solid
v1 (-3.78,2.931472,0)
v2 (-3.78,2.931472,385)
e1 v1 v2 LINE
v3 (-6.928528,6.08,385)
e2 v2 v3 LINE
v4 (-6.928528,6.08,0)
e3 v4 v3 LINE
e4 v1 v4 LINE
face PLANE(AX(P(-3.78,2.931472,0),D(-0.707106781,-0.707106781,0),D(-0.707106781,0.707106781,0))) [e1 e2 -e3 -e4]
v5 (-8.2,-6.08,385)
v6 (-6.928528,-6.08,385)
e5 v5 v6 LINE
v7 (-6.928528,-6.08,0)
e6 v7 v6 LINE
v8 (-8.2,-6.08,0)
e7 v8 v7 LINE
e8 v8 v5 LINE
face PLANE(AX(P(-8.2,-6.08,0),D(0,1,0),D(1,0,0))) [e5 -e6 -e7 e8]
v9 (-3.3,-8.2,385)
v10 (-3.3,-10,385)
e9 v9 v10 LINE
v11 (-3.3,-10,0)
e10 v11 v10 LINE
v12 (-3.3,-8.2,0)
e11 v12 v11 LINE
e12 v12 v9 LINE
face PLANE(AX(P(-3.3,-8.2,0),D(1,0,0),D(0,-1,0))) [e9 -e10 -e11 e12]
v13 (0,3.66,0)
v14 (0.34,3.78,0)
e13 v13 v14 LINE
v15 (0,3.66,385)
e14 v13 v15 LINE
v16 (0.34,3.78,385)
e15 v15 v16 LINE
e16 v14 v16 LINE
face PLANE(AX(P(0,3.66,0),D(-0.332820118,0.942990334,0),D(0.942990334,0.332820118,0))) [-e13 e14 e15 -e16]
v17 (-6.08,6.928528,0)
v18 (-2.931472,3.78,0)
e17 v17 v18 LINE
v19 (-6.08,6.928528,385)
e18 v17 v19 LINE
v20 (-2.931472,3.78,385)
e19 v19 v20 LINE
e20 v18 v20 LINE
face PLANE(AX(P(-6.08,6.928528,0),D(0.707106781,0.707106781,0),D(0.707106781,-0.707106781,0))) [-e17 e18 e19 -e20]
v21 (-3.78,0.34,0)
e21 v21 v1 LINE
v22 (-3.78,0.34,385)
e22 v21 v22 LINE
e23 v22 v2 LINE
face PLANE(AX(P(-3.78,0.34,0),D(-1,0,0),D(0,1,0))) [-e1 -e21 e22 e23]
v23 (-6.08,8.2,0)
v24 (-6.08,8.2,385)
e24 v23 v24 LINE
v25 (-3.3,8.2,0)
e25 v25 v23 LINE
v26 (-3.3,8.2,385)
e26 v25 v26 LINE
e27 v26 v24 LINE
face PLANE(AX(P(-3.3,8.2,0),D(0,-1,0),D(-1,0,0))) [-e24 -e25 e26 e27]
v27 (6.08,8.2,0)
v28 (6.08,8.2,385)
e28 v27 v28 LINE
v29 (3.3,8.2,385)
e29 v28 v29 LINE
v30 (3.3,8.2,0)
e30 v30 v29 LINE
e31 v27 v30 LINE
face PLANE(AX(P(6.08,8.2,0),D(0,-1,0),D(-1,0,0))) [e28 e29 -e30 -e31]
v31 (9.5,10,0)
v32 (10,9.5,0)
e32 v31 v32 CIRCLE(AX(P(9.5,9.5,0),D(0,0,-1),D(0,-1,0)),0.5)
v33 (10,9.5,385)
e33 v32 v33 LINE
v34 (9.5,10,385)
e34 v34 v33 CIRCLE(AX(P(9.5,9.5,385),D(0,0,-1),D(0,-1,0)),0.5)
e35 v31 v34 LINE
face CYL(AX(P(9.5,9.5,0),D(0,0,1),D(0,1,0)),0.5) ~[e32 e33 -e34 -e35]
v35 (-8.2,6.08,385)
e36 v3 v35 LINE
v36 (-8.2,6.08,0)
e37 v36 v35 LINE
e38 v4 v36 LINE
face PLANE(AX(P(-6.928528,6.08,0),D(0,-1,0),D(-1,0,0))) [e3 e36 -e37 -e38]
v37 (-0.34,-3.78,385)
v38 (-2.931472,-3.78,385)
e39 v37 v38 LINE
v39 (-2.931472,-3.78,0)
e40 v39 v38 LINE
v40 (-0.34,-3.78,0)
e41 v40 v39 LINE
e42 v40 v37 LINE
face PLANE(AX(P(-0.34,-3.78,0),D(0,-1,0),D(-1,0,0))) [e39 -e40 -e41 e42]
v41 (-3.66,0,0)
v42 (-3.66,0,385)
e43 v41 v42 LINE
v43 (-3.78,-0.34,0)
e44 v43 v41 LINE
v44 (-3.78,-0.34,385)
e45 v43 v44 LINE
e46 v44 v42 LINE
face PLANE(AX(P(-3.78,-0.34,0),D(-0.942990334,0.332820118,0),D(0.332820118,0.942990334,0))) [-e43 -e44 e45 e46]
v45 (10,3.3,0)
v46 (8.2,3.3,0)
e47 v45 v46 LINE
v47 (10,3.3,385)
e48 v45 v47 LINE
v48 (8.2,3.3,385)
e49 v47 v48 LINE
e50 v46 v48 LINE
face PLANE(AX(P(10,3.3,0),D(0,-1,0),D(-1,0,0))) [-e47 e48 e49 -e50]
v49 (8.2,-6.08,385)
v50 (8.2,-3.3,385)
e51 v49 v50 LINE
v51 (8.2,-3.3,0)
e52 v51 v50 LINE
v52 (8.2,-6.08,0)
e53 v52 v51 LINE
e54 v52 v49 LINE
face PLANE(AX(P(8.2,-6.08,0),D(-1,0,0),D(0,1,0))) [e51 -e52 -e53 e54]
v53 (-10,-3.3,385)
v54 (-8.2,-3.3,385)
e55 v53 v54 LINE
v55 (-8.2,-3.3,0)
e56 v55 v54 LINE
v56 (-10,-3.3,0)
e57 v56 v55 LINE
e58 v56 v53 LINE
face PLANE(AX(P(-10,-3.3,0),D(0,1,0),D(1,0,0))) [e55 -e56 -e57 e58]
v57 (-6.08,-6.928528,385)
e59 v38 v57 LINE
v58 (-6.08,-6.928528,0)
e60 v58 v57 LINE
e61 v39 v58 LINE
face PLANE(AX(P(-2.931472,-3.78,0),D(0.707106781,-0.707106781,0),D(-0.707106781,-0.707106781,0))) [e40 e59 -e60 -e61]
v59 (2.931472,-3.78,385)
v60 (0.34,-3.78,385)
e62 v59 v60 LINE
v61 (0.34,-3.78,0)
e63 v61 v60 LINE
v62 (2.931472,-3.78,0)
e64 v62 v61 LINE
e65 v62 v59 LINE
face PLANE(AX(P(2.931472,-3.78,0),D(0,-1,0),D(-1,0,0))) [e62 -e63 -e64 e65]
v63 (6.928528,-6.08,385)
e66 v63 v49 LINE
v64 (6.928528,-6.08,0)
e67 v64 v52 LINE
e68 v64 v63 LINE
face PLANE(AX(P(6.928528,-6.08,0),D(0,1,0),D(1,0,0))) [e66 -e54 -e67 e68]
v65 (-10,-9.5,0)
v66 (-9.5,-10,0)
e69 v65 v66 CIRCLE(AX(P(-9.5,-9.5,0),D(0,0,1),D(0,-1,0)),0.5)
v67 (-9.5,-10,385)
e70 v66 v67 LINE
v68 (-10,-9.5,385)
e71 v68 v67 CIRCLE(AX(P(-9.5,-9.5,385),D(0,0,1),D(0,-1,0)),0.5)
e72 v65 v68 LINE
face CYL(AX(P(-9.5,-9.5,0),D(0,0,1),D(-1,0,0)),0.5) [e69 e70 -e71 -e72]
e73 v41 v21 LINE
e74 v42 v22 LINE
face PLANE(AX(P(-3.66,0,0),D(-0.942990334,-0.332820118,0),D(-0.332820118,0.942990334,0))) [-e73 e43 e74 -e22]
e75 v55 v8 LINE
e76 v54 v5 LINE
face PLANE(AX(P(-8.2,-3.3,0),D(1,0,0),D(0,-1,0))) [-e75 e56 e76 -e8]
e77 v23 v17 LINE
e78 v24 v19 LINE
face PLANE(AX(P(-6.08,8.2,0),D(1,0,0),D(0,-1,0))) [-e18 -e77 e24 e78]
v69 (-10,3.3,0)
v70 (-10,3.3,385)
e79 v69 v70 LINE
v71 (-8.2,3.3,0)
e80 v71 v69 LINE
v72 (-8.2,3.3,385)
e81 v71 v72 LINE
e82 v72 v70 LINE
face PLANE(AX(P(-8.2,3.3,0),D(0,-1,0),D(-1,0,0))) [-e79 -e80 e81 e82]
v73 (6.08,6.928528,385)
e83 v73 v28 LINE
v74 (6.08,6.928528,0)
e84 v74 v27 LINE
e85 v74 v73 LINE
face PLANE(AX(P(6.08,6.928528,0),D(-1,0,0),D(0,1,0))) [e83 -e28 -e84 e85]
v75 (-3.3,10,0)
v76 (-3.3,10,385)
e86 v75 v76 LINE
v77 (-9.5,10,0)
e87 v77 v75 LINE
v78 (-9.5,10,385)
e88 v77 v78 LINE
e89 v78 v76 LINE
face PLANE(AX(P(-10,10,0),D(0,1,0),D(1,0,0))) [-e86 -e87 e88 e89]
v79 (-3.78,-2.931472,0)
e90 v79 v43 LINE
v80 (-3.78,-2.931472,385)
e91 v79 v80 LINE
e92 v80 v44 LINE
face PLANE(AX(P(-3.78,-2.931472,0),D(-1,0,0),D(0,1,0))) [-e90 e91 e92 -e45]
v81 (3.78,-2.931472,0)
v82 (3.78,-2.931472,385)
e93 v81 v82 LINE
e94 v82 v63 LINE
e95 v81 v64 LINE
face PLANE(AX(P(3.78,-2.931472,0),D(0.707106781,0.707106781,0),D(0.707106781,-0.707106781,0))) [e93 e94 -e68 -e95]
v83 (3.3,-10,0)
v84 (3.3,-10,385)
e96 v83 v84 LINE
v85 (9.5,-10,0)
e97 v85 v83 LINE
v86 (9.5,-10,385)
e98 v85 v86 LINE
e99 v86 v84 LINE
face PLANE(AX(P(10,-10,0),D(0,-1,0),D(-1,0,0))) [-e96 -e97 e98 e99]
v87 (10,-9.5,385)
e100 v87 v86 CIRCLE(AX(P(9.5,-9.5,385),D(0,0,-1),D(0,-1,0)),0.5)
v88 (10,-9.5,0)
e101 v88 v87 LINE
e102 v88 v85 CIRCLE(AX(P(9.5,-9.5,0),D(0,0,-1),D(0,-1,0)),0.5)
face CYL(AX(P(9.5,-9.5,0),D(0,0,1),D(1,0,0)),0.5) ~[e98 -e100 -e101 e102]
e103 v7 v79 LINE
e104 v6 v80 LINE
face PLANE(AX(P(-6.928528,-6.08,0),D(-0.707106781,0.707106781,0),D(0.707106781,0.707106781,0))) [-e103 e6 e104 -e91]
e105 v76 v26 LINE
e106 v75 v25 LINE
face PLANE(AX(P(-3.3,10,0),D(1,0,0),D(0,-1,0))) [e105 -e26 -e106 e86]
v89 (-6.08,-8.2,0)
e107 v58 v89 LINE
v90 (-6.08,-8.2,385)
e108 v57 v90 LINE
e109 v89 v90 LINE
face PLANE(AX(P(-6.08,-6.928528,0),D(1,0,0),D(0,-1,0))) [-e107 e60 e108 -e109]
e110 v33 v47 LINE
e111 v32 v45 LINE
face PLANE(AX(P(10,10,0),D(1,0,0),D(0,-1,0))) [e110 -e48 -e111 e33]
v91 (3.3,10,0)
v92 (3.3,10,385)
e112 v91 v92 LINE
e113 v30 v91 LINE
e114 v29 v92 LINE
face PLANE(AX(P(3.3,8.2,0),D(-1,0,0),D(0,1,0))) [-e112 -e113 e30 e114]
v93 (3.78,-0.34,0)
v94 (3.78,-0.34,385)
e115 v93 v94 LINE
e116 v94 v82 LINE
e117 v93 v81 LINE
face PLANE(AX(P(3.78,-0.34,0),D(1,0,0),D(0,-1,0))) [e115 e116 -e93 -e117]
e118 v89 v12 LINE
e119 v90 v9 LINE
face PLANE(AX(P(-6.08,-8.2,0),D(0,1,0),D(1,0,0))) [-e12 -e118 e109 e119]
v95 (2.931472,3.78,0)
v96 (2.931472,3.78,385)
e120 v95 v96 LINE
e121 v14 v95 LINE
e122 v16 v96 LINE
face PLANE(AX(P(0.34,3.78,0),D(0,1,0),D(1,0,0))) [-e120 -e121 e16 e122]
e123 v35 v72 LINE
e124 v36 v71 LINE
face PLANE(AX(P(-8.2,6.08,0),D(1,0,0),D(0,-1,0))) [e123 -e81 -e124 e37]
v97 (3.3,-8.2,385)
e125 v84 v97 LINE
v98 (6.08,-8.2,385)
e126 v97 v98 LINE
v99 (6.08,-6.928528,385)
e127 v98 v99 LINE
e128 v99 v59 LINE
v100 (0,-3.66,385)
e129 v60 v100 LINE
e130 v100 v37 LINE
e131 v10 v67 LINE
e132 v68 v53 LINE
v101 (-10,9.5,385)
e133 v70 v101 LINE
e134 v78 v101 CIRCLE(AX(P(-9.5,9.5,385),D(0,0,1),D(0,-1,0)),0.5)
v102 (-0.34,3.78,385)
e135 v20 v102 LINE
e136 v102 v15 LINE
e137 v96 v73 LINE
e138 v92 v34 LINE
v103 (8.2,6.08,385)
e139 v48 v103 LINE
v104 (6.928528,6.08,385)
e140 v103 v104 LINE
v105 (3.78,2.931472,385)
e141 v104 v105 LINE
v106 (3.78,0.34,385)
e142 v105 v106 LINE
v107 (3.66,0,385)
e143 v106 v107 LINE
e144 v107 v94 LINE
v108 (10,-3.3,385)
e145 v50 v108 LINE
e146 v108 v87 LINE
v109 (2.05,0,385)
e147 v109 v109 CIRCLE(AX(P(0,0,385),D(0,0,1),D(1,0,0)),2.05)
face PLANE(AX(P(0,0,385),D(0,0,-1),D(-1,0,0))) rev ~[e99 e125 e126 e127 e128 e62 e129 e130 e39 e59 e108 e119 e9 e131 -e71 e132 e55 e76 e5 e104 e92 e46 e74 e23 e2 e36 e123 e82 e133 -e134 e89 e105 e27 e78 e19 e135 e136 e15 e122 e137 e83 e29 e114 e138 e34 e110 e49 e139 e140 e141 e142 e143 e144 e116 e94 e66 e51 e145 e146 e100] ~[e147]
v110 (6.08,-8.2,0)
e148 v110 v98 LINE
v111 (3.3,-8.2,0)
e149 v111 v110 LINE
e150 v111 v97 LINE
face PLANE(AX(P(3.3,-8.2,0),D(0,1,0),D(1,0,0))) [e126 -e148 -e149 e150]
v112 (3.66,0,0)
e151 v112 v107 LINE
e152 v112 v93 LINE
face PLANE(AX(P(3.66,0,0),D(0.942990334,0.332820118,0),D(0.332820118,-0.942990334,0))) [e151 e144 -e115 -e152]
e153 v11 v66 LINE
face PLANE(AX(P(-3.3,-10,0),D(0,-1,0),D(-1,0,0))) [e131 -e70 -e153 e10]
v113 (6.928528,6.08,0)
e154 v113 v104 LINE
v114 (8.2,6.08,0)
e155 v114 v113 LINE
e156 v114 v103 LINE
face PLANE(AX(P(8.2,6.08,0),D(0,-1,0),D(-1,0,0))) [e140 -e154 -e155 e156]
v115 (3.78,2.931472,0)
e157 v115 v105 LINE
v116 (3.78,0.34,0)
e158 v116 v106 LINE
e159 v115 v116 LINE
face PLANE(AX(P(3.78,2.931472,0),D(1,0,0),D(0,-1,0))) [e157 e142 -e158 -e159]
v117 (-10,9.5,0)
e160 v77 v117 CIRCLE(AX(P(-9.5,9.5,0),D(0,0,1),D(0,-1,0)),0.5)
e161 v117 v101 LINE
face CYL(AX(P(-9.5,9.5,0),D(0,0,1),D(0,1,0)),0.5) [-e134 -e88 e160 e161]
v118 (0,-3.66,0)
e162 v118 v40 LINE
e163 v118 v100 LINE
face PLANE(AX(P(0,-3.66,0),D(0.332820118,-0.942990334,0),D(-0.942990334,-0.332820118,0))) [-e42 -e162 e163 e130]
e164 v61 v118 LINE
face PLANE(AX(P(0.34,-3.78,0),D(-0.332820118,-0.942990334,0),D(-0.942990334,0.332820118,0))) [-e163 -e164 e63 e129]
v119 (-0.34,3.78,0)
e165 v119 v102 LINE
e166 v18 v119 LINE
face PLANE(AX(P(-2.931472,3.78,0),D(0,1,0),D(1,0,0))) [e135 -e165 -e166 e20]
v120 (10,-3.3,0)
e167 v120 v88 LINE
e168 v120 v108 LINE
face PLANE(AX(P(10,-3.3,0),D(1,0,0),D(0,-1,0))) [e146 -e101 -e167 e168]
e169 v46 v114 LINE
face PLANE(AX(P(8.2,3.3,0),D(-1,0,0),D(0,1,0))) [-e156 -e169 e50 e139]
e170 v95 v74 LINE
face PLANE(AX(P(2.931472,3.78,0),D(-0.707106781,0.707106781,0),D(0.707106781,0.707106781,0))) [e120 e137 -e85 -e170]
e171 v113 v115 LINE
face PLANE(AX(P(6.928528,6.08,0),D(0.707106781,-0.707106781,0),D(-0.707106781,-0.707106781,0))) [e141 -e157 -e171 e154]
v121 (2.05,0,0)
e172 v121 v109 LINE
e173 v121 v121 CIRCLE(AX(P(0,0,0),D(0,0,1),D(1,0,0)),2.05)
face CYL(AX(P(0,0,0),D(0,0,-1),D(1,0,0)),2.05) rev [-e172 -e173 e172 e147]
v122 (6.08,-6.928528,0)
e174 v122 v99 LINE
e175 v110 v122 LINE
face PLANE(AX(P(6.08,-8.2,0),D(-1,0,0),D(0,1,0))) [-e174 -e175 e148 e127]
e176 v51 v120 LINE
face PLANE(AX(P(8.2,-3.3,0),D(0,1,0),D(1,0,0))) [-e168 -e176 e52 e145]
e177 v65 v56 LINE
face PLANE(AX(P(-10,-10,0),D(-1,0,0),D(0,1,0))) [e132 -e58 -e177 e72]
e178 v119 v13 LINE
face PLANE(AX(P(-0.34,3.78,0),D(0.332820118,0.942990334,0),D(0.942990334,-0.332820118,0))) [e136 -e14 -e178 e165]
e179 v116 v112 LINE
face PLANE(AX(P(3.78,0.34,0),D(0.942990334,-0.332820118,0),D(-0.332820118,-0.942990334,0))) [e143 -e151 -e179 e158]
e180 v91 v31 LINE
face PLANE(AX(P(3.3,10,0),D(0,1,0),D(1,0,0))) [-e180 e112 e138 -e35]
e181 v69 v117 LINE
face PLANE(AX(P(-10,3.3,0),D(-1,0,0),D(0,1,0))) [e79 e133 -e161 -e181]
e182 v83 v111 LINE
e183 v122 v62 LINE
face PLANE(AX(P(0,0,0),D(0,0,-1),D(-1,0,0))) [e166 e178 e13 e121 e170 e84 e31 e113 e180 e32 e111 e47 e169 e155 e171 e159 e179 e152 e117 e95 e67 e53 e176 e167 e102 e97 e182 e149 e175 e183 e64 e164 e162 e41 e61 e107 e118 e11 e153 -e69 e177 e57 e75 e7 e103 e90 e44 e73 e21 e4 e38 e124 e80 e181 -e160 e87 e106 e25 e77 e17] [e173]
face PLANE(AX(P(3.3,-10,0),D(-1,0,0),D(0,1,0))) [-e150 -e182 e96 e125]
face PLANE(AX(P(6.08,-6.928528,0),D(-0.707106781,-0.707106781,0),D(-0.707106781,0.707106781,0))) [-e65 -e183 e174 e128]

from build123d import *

# Parameters (mm, degrees)
SKETCH1_R           = 2.05
BOSS_EXTRUDE1_DEPTH = 385
FILLET1_R           = 0.5


with BuildPart() as part:
    # Sketch1 → Boss-Extrude1 (new body)
    with BuildSketch(Plane.XY):
        Polygon((-3.3, 10), (-3.3, 8.2), (-6.08, 8.2), (-6.08, 6.928528137), (-2.931471863, 3.78), (-0.34, 3.78), (0, 3.66), (0.34, 3.78), (2.931471863, 3.78), (6.08, 6.928528137), (6.08, 8.2), (3.3, 8.2), (3.3, 10), (10, 10), (10, 3.3), (8.2, 3.3), (8.2, 6.08), (6.928528137, 6.08), (3.78, 2.931471863), (3.78, 0.34), (3.66, 0), (3.78, -0.34), (3.78, -2.931471863), (6.928528137, -6.08), (8.2, -6.08), (8.2, -3.3), (10, -3.3), (10, -10), (3.3, -10), (3.3, -8.2), (6.08, -8.2), (6.08, -6.928528137), (2.931471863, -3.78), (0.34, -3.78), (0, -3.66), (-0.34, -3.78), (-2.931471863, -3.78), (-6.08, -6.928528137), (-6.08, -8.2), (-3.3, -8.2), (-3.3, -10), (-10, -10), (-10, -3.3), (-8.2, -3.3), (-8.2, -6.08), (-6.928528137, -6.08), (-3.78, -2.931471863), (-3.78, -0.34), (-3.66, 0), (-3.78, 0.34), (-3.78, 2.931471863), (-6.928528137, 6.08), (-8.2, 6.08), (-8.2, 3.3), (-10, 3.3), (-10, 10), align=None)
        Circle(SKETCH1_R, mode=Mode.SUBTRACT)
    extrude(amount=BOSS_EXTRUDE1_DEPTH)

    # Fillet1
    fillet1_edges = [part.edges().sort_by_distance(p)[0] for p in [
        (10, 10, 192.5),
        (10, -10, 192.5),
        (-10, -10, 192.5),
        (-10, 10, 192.5),
    ]]
    fillet(fillet1_edges, radius=FILLET1_R)


solid = part.part
